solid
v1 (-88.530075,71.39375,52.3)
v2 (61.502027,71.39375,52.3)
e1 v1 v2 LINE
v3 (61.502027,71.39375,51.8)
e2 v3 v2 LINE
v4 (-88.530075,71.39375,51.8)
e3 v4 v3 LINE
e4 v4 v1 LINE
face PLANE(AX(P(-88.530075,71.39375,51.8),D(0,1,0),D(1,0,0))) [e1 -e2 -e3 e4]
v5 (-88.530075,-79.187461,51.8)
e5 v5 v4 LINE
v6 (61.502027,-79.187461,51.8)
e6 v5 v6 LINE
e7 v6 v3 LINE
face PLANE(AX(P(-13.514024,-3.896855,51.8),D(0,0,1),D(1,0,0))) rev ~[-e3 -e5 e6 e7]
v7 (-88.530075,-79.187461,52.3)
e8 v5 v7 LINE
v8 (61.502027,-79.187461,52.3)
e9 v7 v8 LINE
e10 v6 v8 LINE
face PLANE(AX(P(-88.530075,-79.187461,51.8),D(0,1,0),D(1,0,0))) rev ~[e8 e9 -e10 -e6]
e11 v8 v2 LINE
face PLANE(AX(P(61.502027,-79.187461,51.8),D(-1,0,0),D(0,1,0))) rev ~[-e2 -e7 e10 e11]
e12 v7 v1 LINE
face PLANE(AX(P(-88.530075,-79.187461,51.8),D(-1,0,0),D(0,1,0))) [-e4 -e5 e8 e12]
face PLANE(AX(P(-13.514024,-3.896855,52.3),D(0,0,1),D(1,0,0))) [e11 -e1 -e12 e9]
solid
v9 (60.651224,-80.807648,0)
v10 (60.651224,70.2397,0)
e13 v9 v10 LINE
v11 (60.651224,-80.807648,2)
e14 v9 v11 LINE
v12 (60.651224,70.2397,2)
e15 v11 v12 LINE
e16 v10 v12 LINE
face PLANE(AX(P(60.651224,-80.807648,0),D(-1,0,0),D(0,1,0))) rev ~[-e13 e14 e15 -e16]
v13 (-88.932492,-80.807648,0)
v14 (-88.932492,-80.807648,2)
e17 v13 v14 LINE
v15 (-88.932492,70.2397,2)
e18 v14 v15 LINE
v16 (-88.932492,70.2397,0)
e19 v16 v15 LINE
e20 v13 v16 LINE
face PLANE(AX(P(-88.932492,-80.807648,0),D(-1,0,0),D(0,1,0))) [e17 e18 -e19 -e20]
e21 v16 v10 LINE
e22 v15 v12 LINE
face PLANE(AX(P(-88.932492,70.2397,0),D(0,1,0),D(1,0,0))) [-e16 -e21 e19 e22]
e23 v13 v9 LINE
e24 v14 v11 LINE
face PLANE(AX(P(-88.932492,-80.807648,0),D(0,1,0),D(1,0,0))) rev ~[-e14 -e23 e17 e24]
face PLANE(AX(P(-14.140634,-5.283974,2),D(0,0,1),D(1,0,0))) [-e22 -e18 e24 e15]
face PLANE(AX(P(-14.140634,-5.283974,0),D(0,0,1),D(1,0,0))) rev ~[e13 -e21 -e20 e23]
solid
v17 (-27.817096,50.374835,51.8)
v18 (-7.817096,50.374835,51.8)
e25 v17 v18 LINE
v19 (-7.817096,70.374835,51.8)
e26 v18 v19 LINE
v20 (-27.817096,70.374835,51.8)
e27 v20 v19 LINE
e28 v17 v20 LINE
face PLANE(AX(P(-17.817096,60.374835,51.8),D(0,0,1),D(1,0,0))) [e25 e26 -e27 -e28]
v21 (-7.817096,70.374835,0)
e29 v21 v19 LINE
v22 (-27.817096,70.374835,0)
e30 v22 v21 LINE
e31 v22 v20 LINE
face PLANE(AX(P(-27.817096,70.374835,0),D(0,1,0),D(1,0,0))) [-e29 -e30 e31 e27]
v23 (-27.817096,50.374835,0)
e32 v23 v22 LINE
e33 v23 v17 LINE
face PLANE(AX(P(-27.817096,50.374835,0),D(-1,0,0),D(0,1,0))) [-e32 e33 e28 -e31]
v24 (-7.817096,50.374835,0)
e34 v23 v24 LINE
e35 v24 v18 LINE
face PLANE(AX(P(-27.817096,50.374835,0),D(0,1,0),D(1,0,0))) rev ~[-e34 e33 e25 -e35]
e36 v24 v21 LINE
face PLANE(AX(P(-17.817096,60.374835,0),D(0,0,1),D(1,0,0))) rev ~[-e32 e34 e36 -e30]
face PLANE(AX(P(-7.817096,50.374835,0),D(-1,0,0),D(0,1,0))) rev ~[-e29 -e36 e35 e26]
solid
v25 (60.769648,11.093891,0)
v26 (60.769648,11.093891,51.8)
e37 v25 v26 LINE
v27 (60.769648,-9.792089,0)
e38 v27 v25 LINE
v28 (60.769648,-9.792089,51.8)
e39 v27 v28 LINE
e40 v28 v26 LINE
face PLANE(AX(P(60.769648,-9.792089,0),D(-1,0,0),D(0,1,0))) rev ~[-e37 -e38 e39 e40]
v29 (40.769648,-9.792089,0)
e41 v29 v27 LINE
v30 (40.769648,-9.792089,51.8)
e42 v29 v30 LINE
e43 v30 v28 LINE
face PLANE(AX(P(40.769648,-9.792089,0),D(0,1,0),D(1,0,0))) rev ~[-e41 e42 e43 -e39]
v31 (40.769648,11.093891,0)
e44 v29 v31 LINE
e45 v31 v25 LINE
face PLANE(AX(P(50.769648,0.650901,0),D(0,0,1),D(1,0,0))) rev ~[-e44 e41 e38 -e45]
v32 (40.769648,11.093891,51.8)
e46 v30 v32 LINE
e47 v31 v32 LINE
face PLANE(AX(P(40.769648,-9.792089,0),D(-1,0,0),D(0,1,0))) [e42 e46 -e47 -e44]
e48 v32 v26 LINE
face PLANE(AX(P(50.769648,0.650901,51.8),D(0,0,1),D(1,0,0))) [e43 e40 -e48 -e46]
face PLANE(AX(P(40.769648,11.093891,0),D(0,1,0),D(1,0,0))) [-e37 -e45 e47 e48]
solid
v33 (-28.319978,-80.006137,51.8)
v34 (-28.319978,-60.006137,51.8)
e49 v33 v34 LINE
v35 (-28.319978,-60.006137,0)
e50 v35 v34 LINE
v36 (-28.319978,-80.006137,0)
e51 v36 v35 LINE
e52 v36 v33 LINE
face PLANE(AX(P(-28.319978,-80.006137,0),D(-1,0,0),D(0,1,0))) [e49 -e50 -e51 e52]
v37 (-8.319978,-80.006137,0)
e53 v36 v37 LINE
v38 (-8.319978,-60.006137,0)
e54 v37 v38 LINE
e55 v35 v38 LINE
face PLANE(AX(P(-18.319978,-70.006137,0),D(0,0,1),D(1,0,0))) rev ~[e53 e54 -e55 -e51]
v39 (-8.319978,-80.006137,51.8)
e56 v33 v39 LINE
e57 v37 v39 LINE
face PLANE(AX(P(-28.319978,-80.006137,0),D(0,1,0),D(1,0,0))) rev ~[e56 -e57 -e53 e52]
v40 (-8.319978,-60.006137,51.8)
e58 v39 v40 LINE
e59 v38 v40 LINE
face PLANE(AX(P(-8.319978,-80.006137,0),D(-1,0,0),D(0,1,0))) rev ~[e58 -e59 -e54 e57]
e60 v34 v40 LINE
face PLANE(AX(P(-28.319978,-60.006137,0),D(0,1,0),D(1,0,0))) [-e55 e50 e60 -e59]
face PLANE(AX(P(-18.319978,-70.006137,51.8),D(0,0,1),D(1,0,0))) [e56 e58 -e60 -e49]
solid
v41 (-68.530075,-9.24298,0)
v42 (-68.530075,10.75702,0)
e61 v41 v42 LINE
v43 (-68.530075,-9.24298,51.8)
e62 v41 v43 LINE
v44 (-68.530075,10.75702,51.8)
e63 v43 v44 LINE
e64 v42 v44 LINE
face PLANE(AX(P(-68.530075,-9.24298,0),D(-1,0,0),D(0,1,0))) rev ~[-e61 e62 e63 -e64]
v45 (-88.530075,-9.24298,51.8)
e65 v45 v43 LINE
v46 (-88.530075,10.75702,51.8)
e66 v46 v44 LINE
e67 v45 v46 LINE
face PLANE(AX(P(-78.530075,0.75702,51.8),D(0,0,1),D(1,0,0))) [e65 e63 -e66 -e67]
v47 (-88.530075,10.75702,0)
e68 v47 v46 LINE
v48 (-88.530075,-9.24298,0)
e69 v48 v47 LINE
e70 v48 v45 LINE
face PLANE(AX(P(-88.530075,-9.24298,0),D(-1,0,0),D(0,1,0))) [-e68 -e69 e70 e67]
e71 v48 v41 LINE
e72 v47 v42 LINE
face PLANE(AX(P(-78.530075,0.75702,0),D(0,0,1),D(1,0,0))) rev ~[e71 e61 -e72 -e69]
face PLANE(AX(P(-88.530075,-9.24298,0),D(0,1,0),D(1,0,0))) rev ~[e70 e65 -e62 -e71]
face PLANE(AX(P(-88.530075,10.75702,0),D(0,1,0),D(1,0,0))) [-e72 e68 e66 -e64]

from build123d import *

# Parameters (mm, degrees)
F1_W     = 20
F1_H     = 20
F1_H_2   = 20.88598
F2_DEPTH = 51.8
F3_W     = 150.032103
F3_H     = 150.581211
F4_DEPTH = 0.5
F5_W     = 149.583716
F5_H     = 151.047349
F6_DEPTH = 2


with BuildPart() as f2:
    # F1 (on face) → F2 (new body)
    with BuildSketch(Plane.XY):
        with Locations((-17.817096, 60.374835)):
            Rectangle(F1_W, F1_H)
        with Locations((-78.530075, 0.75702)):
            Rectangle(F1_W, F1_H)
        with Locations((-18.319978, -70.006137)):
            Rectangle(F1_W, F1_H)
        with Locations((50.769648, 0.650901)):
            Rectangle(F1_W, F1_H_2)
    extrude(amount=F2_DEPTH)


with BuildPart() as f4:
    # F3 (on face) → F4 (new body)
    with BuildSketch(Plane.XY.offset(51.8)):
        with Locations((-13.514024, -3.896855)):
            Rectangle(F3_W, F3_H)
    extrude(amount=F4_DEPTH)


with BuildPart() as f6:
    # F5 (on face) → F6 (new body)
    with BuildSketch(Plane.XY):
        with Locations((-14.140634, -5.283974)):
            Rectangle(F5_W, F5_H)
    extrude(amount=F6_DEPTH)


solid = Compound([f2.part, f4.part, f6.part])
